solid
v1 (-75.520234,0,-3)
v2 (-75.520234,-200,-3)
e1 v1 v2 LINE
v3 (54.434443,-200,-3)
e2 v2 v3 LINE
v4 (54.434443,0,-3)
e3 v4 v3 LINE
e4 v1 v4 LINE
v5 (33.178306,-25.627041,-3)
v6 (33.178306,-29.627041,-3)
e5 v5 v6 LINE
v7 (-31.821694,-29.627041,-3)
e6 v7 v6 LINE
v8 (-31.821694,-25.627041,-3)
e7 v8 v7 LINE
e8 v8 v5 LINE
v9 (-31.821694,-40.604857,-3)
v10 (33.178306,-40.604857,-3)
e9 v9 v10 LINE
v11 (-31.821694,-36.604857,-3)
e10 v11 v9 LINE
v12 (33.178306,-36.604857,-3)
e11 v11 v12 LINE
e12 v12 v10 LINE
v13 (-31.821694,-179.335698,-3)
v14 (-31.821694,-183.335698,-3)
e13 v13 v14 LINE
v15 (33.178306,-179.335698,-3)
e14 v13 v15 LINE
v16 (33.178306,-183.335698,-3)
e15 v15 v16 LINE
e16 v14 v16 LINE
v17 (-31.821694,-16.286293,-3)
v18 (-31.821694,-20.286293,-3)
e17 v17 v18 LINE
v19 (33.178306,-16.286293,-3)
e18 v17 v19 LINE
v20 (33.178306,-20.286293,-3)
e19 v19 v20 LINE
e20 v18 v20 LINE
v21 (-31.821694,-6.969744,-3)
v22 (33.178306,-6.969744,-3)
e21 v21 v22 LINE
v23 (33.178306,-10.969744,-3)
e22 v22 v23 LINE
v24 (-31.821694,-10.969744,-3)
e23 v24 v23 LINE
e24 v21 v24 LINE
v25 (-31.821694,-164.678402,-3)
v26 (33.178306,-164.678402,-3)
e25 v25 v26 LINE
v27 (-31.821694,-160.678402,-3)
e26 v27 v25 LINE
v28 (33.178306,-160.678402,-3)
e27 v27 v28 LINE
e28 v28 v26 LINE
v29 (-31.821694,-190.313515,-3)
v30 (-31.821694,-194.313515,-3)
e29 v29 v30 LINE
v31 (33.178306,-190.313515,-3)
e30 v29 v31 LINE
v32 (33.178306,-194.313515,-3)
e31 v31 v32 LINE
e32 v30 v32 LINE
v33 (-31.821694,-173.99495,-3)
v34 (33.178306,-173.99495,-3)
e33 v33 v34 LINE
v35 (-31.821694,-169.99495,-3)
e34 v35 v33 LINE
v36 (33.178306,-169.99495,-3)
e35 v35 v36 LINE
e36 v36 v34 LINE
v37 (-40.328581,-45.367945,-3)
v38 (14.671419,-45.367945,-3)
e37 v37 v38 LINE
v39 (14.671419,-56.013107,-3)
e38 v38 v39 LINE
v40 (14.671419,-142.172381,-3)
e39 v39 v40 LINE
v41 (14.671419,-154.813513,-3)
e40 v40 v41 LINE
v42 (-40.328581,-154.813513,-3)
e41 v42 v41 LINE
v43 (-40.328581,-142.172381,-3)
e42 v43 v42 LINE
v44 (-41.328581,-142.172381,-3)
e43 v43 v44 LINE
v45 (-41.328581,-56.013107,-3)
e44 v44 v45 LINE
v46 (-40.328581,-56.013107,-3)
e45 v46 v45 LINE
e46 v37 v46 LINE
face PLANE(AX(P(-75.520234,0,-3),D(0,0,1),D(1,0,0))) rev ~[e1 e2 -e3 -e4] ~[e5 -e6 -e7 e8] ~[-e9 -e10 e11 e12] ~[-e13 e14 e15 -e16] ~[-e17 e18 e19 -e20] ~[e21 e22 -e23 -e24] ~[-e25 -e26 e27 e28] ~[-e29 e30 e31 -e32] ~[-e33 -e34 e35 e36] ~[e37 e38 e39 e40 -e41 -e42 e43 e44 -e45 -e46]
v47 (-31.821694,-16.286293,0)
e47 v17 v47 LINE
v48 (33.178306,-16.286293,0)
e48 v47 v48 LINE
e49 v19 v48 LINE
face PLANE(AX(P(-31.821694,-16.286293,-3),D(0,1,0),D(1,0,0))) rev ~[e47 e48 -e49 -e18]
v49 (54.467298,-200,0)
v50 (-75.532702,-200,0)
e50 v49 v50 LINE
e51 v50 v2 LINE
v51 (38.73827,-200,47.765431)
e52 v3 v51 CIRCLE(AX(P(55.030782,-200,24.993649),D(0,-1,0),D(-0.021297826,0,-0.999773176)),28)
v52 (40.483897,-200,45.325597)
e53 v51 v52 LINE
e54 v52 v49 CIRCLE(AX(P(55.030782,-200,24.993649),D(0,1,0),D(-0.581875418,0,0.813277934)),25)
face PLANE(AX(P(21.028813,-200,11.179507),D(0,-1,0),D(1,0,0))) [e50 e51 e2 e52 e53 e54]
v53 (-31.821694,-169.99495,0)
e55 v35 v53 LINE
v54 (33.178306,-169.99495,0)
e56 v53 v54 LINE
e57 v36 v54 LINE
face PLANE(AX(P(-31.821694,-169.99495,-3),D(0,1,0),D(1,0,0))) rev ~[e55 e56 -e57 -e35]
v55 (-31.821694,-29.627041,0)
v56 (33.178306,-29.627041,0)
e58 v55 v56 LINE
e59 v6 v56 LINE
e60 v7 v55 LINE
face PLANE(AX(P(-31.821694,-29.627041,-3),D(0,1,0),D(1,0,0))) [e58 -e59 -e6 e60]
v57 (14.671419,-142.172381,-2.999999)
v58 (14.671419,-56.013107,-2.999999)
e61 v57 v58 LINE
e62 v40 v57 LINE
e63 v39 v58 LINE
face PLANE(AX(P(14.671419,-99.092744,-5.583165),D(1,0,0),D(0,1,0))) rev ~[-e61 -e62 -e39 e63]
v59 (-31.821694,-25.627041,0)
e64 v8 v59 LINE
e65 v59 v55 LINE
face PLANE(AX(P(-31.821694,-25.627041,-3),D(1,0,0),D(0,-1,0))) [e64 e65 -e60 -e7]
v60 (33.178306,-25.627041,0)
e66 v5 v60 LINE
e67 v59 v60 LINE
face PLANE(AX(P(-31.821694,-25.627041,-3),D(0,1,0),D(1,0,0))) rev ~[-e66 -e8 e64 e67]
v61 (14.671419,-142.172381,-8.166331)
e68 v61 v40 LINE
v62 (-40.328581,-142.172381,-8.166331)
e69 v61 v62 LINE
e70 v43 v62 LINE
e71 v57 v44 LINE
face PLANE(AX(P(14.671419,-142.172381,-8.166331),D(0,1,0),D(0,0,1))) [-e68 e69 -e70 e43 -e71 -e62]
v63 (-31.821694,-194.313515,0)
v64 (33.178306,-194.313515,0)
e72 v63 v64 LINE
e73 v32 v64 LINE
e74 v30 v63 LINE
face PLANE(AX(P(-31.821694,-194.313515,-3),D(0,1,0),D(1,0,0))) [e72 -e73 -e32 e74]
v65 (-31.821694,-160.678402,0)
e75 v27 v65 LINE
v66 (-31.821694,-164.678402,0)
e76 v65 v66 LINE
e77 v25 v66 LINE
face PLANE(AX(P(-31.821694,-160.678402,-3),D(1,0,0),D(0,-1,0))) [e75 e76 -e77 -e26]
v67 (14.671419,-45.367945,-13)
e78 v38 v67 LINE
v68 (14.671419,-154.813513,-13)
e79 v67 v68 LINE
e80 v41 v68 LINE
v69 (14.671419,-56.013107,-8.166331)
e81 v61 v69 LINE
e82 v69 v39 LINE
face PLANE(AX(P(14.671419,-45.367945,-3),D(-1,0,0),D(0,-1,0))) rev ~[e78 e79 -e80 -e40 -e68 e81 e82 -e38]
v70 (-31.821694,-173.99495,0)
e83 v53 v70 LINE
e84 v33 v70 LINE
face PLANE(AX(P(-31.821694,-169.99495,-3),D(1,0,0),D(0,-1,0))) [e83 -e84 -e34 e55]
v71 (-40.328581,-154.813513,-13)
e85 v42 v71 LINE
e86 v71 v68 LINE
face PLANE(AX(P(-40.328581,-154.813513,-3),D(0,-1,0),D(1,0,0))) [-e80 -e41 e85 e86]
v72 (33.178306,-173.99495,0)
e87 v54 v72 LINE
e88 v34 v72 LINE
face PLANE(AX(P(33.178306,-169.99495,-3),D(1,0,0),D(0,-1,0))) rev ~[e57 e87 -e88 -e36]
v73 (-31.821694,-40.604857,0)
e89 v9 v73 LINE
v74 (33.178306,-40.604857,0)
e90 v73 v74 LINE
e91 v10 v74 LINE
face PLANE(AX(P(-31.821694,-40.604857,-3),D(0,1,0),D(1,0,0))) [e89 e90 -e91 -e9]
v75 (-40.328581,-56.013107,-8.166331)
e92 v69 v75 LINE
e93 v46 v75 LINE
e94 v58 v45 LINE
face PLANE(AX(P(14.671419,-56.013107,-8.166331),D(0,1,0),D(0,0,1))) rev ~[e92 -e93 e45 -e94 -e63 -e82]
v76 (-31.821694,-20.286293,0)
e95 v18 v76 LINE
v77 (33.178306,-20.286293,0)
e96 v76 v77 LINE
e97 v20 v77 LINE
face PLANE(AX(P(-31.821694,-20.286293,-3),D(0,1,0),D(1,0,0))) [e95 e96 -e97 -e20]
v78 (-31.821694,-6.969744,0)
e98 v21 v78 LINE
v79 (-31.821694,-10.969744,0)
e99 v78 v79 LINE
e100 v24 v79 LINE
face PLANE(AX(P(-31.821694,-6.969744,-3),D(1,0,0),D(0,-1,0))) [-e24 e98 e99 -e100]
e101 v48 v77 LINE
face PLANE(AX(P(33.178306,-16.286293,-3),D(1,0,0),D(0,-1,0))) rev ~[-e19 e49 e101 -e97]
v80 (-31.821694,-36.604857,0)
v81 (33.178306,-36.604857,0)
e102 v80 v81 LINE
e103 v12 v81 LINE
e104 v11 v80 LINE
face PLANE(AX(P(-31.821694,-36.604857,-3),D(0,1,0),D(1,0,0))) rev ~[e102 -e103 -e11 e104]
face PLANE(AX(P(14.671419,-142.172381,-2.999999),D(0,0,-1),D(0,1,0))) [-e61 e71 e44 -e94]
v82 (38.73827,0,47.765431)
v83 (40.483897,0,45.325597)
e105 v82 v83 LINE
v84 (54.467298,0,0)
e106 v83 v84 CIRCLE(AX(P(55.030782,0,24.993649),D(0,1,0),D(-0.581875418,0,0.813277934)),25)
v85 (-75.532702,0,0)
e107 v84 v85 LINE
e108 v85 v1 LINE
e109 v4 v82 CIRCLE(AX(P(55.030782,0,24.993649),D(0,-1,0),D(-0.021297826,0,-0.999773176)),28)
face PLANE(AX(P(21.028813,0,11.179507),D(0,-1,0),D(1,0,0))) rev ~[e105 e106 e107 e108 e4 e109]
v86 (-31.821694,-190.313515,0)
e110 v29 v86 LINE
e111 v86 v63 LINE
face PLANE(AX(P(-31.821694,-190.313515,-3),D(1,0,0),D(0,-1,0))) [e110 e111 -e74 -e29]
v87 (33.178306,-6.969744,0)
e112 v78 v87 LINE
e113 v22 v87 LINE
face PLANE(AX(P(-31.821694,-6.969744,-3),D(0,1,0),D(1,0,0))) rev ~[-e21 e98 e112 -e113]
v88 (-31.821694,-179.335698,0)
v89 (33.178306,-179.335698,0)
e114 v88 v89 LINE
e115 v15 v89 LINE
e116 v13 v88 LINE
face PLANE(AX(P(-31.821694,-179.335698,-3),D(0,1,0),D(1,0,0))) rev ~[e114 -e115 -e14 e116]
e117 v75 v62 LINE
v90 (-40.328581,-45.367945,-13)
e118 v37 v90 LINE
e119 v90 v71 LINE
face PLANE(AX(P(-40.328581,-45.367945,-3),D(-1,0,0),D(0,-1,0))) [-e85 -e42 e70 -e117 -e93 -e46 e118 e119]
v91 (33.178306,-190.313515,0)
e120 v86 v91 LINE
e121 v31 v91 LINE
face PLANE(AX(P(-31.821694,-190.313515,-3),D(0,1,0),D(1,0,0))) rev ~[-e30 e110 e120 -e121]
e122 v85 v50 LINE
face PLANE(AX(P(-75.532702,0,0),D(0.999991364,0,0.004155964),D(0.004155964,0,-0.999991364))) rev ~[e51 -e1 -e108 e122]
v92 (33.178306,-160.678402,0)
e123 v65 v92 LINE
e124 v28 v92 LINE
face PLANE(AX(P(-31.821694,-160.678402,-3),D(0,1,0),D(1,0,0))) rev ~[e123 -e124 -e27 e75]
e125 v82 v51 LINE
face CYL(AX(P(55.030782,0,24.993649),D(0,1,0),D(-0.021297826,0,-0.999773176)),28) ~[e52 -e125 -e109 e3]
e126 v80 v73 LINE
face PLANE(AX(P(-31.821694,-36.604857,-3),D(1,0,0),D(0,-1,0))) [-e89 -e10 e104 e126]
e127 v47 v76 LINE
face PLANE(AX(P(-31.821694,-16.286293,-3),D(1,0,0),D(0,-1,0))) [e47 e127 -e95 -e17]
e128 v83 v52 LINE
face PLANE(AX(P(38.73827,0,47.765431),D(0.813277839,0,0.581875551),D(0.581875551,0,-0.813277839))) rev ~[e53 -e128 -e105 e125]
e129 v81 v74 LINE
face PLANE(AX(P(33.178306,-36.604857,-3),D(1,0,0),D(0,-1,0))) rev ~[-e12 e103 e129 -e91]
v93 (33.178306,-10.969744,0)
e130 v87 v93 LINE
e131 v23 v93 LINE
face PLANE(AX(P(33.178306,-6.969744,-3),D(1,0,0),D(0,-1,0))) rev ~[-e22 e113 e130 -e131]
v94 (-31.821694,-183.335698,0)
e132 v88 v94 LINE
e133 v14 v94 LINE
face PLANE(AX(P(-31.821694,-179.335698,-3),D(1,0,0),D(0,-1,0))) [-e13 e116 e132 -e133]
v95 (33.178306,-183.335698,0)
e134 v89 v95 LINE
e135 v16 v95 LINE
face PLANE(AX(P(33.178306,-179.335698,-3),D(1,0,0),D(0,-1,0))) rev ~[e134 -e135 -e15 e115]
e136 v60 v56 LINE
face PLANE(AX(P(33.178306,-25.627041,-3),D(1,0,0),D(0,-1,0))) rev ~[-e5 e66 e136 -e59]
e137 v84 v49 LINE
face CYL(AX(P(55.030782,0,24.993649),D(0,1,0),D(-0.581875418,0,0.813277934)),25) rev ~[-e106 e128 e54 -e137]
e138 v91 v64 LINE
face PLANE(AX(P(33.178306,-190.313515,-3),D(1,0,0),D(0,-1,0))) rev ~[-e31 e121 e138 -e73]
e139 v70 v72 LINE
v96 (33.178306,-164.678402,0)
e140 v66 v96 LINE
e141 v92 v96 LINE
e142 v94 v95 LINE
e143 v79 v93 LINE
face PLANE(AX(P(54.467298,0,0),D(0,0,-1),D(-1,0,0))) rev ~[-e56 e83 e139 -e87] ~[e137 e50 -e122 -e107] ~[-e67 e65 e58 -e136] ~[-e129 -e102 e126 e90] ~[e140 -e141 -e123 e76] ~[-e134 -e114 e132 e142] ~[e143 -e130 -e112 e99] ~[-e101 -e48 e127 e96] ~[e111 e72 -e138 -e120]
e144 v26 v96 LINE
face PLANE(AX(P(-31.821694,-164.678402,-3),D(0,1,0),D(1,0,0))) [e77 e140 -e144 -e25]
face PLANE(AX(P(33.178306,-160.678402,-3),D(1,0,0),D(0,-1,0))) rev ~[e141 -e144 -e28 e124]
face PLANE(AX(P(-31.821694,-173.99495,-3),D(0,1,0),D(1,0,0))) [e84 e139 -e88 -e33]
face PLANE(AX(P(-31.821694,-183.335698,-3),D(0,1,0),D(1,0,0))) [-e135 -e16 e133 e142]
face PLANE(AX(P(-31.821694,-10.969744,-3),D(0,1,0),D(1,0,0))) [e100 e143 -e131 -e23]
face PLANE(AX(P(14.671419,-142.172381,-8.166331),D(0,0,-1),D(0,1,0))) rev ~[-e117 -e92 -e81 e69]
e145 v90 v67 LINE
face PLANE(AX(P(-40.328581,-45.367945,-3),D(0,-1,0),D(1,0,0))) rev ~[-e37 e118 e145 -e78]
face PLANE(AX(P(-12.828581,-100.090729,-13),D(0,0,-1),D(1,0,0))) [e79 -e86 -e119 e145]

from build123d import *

# Parameters (mm, degrees)
F1_DEPTH = 200
F2_W     = 55
F2_H     = 109.445568
F3_DEPTH = 10
F4_W     = 86.159274
F4_H     = 5.166331
F5_DEPTH = 56
F6_W     = 65
F6_H     = 4
F7_DEPTH = 16


with BuildPart() as f1:
    # F0 (on Front) → F1 (new body)
    with BuildSketch(Plane.XZ):
        with BuildLine():
            ThreePointArc((40.483897, 45.325597), (78.91976, 32.363638), (54.467298, 0))
            Line((54.467298, 0), (-75.532702, 0))
            Line((-75.532702, 0), (-75.520234, -3))
            Line((-75.520234, -3), (54.434443, -3))
            ThreePointArc((54.434443, -3), (81.781307, 33.264648), (38.73827, 47.765431))
            Line((38.73827, 47.765431), (40.483897, 45.325597))
        make_face()
    extrude(amount=F1_DEPTH)

    # F2 (on face) → F3 (join)
    with BuildSketch(Plane(origin=(0, 0, -3), x_dir=(1, 0, 0), z_dir=(0, 0, -1))):
        with Locations((-12.828581, 100.090729)):
            Rectangle(F2_W, F2_H)
    extrude(amount=F3_DEPTH)

    # F4 (on face) → F5 (cut)
    with BuildSketch(Plane.YZ.offset(14.671419)):
        with Locations((-99.092744, -5.583165)):
            Rectangle(F4_W, F4_H)
    extrude(amount=-F5_DEPTH, mode=Mode.SUBTRACT)

    # F6 (on face) → F7 (cut)
    with BuildSketch(Plane(origin=(0, 0, -3), x_dir=(1, 0, 0), z_dir=(0, 0, -1))):
        with Locations((0.678306, 181.335698)):
            Rectangle(F6_W, F6_H)
        with Locations((0.678306, 171.99495)):
            Rectangle(F6_W, F6_H)
        with Locations((0.678306, 162.678402)):
            Rectangle(F6_W, F6_H)
        with Locations((0.678306, 38.604857)):
            Rectangle(F6_W, F6_H)
        with Locations((0.678306, 27.627041)):
            Rectangle(F6_W, F6_H)
        with Locations((0.678306, 18.286293)):
            Rectangle(F6_W, F6_H)
        with Locations((0.678306, 8.969744)):
            Rectangle(F6_W, F6_H)
        with Locations((0.678306, 192.313515)):
            Rectangle(F6_W, F6_H)
    extrude(amount=-F7_DEPTH, mode=Mode.SUBTRACT)


solid = f1.part
